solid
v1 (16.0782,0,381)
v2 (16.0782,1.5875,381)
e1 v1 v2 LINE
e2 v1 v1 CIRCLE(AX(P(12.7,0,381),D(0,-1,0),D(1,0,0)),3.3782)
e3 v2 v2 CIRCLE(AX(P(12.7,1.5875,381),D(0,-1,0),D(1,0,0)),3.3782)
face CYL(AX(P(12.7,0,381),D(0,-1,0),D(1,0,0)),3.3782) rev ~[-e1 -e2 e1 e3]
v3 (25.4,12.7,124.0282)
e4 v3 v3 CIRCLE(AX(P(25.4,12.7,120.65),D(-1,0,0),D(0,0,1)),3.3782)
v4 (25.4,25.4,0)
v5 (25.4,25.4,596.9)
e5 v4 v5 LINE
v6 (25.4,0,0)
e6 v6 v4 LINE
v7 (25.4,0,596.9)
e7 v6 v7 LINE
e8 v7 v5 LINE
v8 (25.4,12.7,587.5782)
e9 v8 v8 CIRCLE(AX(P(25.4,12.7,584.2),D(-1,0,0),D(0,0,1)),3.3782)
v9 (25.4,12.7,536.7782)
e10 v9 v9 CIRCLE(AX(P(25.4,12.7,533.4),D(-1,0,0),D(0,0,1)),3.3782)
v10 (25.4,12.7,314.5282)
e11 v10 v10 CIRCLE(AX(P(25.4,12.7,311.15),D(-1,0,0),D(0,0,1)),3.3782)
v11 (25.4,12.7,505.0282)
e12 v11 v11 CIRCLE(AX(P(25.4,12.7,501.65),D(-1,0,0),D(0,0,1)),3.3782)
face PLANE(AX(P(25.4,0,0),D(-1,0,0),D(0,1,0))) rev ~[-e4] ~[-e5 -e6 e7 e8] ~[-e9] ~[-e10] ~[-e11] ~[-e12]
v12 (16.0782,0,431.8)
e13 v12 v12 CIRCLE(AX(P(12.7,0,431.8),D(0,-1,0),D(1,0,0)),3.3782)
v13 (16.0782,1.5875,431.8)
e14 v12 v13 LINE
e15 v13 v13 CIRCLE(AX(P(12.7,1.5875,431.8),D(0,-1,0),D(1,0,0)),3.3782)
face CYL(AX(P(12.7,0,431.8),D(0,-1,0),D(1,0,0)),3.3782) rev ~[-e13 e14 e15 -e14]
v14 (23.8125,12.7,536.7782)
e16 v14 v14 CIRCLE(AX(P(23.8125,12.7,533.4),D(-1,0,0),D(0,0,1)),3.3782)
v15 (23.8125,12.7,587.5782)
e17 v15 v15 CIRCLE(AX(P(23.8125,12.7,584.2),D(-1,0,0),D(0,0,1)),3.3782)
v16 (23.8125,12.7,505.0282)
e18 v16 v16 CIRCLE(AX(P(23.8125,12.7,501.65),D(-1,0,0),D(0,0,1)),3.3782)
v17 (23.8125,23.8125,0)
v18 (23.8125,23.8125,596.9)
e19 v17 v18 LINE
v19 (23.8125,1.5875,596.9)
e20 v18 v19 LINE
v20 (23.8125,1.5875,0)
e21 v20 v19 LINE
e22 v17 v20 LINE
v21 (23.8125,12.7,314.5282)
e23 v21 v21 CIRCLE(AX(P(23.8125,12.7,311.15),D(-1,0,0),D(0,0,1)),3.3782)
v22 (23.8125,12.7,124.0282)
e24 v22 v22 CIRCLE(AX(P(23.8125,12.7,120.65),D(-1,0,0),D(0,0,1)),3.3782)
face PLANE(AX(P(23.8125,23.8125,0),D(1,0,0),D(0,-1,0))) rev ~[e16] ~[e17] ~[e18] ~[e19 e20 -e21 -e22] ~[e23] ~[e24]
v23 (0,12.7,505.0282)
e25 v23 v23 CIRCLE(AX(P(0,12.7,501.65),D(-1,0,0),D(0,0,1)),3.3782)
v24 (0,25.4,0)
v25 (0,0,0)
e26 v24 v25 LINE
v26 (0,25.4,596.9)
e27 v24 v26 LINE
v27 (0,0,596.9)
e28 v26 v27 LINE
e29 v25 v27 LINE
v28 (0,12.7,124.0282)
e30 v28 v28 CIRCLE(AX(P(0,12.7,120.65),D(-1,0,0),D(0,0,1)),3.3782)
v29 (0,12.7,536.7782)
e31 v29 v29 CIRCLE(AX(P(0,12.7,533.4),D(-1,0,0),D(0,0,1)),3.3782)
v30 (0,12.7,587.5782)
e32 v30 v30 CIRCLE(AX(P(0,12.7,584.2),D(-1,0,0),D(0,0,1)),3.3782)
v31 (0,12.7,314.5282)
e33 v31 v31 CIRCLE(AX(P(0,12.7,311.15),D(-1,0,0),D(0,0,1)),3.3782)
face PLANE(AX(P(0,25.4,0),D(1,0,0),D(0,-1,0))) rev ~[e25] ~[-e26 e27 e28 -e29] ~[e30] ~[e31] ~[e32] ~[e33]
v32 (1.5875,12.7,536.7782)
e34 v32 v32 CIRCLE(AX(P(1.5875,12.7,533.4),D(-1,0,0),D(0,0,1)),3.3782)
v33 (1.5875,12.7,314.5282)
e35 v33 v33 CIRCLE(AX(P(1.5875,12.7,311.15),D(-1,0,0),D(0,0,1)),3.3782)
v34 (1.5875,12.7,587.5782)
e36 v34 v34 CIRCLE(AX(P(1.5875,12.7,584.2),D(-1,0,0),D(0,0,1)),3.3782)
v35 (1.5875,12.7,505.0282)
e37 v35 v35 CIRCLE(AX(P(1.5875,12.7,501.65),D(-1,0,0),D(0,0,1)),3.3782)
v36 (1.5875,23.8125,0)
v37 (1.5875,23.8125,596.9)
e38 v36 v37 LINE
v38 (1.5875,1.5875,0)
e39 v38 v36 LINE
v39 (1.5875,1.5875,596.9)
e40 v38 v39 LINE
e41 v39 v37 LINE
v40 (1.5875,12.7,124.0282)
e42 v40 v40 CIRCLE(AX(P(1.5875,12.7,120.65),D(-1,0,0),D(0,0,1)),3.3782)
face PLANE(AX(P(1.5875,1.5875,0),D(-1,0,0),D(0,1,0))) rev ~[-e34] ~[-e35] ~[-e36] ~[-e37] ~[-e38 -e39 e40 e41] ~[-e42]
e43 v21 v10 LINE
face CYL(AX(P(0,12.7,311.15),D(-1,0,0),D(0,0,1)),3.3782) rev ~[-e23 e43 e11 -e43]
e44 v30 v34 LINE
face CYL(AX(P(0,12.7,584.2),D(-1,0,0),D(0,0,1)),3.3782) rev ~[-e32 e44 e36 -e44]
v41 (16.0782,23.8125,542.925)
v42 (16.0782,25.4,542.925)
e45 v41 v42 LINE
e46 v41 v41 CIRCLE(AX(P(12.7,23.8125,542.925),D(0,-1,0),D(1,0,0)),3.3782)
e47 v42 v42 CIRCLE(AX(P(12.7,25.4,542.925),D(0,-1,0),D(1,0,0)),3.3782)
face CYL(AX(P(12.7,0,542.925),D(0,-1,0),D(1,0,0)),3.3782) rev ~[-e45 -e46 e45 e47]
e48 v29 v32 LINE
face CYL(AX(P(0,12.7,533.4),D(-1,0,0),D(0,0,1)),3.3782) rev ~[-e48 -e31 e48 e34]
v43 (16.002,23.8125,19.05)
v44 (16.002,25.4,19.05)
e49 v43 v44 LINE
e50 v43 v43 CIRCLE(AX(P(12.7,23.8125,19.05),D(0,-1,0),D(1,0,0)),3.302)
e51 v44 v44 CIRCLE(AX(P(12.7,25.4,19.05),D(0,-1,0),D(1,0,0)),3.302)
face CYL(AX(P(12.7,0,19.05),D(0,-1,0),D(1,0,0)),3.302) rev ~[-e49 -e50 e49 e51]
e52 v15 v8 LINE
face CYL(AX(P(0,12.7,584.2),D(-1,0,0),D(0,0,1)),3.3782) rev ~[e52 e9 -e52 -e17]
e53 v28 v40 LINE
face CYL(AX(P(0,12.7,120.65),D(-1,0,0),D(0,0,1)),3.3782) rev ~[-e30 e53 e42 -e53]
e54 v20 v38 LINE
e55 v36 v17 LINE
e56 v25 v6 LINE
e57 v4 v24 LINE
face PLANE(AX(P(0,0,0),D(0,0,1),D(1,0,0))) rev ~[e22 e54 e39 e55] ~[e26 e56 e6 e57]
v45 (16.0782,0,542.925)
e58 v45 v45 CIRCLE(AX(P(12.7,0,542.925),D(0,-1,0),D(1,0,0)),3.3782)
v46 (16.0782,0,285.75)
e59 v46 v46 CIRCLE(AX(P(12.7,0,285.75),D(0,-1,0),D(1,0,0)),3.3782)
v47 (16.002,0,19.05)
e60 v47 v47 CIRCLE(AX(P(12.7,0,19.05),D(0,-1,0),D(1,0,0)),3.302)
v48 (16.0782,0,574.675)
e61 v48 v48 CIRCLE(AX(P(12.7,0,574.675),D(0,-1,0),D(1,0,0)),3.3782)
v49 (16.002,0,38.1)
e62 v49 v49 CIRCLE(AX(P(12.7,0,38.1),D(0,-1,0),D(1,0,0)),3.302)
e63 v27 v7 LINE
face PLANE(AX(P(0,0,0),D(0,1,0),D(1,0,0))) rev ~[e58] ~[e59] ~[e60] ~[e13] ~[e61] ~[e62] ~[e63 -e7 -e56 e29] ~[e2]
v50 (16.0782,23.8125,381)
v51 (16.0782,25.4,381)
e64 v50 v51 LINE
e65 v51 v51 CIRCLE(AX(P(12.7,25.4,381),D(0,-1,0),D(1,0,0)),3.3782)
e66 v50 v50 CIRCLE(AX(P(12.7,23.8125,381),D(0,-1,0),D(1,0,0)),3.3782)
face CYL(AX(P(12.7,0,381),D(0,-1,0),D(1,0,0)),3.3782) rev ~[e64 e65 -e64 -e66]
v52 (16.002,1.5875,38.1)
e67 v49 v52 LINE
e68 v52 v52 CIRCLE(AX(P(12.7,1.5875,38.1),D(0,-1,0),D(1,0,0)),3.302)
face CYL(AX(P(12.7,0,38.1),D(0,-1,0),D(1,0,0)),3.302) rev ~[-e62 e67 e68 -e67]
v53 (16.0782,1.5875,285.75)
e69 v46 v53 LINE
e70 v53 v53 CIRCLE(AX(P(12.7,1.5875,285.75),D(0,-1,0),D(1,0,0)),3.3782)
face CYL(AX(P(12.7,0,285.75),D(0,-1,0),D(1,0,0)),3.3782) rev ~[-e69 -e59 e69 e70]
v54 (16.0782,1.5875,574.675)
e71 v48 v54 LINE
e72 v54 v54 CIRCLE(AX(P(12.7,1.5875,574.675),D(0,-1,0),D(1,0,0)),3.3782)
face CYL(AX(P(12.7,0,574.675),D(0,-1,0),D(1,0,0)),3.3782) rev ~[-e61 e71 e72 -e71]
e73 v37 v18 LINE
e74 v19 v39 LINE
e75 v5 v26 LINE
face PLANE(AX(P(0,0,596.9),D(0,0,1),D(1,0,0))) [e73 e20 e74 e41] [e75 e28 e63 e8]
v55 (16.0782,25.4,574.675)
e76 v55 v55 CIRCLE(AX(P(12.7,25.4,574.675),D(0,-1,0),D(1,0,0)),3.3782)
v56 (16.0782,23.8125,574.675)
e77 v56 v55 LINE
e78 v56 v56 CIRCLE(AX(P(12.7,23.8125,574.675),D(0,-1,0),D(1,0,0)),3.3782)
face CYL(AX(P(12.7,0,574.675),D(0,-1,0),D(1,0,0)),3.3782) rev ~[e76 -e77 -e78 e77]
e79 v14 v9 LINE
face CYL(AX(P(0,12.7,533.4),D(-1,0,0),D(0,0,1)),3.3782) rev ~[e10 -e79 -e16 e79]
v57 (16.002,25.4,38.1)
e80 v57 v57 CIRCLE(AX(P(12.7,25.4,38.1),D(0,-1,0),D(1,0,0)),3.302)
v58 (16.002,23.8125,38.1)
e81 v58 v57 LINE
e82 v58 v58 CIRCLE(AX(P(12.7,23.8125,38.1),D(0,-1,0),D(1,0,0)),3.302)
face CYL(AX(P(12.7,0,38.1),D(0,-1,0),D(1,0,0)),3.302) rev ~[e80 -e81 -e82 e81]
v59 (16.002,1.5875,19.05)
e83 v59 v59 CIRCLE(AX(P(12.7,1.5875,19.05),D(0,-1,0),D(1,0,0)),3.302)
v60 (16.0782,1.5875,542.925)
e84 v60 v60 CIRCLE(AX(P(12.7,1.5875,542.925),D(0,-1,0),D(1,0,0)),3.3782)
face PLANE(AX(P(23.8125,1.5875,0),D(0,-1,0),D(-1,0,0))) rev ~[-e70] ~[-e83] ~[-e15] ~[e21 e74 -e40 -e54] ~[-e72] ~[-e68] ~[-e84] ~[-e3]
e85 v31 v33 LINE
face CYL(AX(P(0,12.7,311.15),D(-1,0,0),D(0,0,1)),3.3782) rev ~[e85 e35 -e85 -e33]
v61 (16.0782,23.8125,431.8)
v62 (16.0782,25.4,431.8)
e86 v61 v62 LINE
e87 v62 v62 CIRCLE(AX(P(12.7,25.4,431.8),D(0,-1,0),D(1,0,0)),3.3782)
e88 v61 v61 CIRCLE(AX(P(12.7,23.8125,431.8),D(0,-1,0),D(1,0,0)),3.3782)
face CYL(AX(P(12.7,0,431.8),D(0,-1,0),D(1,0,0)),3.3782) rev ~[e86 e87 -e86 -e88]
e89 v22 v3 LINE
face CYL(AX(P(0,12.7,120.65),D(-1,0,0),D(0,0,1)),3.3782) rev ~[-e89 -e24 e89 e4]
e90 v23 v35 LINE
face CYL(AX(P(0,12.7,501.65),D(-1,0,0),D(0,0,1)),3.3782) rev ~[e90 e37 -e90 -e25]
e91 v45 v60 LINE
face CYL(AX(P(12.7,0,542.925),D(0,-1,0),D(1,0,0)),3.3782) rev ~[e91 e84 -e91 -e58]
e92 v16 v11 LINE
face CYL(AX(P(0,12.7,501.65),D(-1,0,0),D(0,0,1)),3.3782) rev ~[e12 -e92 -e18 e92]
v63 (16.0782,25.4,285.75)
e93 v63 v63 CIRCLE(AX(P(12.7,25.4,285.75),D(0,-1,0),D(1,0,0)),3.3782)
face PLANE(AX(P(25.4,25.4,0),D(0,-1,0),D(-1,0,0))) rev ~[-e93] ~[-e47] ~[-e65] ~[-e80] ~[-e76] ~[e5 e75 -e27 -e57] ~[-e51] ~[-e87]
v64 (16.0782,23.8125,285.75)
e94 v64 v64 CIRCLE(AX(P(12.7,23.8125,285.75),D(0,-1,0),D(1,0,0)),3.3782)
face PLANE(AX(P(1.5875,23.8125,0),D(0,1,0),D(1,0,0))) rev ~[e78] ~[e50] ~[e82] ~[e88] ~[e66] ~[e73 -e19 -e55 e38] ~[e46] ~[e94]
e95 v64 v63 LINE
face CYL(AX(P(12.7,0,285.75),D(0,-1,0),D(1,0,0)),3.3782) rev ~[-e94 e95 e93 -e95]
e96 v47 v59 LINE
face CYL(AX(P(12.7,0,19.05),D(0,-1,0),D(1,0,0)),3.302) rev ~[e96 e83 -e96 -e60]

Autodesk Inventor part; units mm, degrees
ref_plane "YZ Plane" through (0, 0, 0) normal (1, 0, 0) x (0, 1, 0)
ref_plane "XZ Plane" through (0, 0, 0) normal (0, 1, 0) x (-1, 0, 0)
ref_plane "XY Plane" through (0, 0, 0) normal (0, 0, 1) x (1, 0, 0)
sketch "Sketch1" plane through (0, 0, 0) normal (0, 0, 1) x (1, 0, 0)
  line L0 (0, 0) -> (25.4, 0)
  line L1 (25.4, 0) -> (25.4, 25.4)
  line L2 (25.4, 25.4) -> (0, 25.4)
  line L3 (0, 25.4) -> (0, 0)
  line L4 (1.5875, 23.8125) -> (23.8125, 23.8125)
  line L5 (23.8125, 23.8125) -> (23.8125, 1.5875)
  line L6 (23.8125, 1.5875) -> (1.5875, 1.5875)
  line L7 (1.5875, 1.5875) -> (1.5875, 23.8125)
  dimension "d0" = 25.4
  dimension "d2" = 25.4
  dimension "d3" = 1.5875
extrude "Extrusion1" add sketch "Sketch1" along normal blind 596.9
sketch "Sketch3" plane through (0, 0, 0) normal (0, -1, 0) x (1, 0, 0)
  circle A0 centre (12.7, 574.675) radius 3.3782 projected
  circle A1 centre (12.7, 542.925) radius 3.3782 projected
  circle A2 centre (12.7, 19.05) radius 3.302 projected
  circle A3 centre (12.7, 38.1) radius 3.302 projected
  arc A4 (3.175, 50.8) -> (0, 47.625) centre (3.175, 47.625) ccw projected
  line L0 (3.175, 50.8) -> (22.225, 50.8) projected
  arc A5 (25.4, 47.625) -> (22.225, 50.8) centre (22.225, 47.625) ccw projected
  line L1 (25.4, 47.625) -> (25.4, 4.445) projected
  line L2 (25.4, 4.445) -> (0, 4.445) projected
  line L3 (0, 47.625) -> (0, 4.445) projected
  circle A6 centre (12.7, 431.8) radius 3.3782 projected
  circle A7 centre (12.7, 381) radius 3.3782 projected
  circle A8 centre (12.7, 285.75) radius 3.3782 projected
extrude "Extrusion3" cut sketch "Sketch3" against normal blind 25.4 contours A0 | A1 | A2 | A3 | A6 | A7 | A8
sketch "Sketch4" plane through (0, 0, 0) normal (-1, 0, 0) x (0, 0, 1)
  circle A0 centre (533.4, 12.7) radius 3.3782 projected
  circle A1 centre (584.2, 12.7) radius 3.3782 projected
  line L0 (0, 25.4) -> (0, 0) projected
  line L1 (596.9, 25.4) -> (596.9, 0) projected
  line L2 (596.9, 12.7) -> (0, 12.7) construction
  circle A2 centre (501.65, 12.7) radius 3.3782
  circle A3 centre (311.15, 12.7) radius 3.3782
  circle A4 centre (120.65, 12.7) radius 3.3782
  dimension "d12" = 31.75
  dimension "d15" = 190.5
extrude "Extrusion4" cut sketch "Sketch4" against normal blind 25.4
properties part number "Rebuild Edge Mount 4" material "Aluminum 6061"
